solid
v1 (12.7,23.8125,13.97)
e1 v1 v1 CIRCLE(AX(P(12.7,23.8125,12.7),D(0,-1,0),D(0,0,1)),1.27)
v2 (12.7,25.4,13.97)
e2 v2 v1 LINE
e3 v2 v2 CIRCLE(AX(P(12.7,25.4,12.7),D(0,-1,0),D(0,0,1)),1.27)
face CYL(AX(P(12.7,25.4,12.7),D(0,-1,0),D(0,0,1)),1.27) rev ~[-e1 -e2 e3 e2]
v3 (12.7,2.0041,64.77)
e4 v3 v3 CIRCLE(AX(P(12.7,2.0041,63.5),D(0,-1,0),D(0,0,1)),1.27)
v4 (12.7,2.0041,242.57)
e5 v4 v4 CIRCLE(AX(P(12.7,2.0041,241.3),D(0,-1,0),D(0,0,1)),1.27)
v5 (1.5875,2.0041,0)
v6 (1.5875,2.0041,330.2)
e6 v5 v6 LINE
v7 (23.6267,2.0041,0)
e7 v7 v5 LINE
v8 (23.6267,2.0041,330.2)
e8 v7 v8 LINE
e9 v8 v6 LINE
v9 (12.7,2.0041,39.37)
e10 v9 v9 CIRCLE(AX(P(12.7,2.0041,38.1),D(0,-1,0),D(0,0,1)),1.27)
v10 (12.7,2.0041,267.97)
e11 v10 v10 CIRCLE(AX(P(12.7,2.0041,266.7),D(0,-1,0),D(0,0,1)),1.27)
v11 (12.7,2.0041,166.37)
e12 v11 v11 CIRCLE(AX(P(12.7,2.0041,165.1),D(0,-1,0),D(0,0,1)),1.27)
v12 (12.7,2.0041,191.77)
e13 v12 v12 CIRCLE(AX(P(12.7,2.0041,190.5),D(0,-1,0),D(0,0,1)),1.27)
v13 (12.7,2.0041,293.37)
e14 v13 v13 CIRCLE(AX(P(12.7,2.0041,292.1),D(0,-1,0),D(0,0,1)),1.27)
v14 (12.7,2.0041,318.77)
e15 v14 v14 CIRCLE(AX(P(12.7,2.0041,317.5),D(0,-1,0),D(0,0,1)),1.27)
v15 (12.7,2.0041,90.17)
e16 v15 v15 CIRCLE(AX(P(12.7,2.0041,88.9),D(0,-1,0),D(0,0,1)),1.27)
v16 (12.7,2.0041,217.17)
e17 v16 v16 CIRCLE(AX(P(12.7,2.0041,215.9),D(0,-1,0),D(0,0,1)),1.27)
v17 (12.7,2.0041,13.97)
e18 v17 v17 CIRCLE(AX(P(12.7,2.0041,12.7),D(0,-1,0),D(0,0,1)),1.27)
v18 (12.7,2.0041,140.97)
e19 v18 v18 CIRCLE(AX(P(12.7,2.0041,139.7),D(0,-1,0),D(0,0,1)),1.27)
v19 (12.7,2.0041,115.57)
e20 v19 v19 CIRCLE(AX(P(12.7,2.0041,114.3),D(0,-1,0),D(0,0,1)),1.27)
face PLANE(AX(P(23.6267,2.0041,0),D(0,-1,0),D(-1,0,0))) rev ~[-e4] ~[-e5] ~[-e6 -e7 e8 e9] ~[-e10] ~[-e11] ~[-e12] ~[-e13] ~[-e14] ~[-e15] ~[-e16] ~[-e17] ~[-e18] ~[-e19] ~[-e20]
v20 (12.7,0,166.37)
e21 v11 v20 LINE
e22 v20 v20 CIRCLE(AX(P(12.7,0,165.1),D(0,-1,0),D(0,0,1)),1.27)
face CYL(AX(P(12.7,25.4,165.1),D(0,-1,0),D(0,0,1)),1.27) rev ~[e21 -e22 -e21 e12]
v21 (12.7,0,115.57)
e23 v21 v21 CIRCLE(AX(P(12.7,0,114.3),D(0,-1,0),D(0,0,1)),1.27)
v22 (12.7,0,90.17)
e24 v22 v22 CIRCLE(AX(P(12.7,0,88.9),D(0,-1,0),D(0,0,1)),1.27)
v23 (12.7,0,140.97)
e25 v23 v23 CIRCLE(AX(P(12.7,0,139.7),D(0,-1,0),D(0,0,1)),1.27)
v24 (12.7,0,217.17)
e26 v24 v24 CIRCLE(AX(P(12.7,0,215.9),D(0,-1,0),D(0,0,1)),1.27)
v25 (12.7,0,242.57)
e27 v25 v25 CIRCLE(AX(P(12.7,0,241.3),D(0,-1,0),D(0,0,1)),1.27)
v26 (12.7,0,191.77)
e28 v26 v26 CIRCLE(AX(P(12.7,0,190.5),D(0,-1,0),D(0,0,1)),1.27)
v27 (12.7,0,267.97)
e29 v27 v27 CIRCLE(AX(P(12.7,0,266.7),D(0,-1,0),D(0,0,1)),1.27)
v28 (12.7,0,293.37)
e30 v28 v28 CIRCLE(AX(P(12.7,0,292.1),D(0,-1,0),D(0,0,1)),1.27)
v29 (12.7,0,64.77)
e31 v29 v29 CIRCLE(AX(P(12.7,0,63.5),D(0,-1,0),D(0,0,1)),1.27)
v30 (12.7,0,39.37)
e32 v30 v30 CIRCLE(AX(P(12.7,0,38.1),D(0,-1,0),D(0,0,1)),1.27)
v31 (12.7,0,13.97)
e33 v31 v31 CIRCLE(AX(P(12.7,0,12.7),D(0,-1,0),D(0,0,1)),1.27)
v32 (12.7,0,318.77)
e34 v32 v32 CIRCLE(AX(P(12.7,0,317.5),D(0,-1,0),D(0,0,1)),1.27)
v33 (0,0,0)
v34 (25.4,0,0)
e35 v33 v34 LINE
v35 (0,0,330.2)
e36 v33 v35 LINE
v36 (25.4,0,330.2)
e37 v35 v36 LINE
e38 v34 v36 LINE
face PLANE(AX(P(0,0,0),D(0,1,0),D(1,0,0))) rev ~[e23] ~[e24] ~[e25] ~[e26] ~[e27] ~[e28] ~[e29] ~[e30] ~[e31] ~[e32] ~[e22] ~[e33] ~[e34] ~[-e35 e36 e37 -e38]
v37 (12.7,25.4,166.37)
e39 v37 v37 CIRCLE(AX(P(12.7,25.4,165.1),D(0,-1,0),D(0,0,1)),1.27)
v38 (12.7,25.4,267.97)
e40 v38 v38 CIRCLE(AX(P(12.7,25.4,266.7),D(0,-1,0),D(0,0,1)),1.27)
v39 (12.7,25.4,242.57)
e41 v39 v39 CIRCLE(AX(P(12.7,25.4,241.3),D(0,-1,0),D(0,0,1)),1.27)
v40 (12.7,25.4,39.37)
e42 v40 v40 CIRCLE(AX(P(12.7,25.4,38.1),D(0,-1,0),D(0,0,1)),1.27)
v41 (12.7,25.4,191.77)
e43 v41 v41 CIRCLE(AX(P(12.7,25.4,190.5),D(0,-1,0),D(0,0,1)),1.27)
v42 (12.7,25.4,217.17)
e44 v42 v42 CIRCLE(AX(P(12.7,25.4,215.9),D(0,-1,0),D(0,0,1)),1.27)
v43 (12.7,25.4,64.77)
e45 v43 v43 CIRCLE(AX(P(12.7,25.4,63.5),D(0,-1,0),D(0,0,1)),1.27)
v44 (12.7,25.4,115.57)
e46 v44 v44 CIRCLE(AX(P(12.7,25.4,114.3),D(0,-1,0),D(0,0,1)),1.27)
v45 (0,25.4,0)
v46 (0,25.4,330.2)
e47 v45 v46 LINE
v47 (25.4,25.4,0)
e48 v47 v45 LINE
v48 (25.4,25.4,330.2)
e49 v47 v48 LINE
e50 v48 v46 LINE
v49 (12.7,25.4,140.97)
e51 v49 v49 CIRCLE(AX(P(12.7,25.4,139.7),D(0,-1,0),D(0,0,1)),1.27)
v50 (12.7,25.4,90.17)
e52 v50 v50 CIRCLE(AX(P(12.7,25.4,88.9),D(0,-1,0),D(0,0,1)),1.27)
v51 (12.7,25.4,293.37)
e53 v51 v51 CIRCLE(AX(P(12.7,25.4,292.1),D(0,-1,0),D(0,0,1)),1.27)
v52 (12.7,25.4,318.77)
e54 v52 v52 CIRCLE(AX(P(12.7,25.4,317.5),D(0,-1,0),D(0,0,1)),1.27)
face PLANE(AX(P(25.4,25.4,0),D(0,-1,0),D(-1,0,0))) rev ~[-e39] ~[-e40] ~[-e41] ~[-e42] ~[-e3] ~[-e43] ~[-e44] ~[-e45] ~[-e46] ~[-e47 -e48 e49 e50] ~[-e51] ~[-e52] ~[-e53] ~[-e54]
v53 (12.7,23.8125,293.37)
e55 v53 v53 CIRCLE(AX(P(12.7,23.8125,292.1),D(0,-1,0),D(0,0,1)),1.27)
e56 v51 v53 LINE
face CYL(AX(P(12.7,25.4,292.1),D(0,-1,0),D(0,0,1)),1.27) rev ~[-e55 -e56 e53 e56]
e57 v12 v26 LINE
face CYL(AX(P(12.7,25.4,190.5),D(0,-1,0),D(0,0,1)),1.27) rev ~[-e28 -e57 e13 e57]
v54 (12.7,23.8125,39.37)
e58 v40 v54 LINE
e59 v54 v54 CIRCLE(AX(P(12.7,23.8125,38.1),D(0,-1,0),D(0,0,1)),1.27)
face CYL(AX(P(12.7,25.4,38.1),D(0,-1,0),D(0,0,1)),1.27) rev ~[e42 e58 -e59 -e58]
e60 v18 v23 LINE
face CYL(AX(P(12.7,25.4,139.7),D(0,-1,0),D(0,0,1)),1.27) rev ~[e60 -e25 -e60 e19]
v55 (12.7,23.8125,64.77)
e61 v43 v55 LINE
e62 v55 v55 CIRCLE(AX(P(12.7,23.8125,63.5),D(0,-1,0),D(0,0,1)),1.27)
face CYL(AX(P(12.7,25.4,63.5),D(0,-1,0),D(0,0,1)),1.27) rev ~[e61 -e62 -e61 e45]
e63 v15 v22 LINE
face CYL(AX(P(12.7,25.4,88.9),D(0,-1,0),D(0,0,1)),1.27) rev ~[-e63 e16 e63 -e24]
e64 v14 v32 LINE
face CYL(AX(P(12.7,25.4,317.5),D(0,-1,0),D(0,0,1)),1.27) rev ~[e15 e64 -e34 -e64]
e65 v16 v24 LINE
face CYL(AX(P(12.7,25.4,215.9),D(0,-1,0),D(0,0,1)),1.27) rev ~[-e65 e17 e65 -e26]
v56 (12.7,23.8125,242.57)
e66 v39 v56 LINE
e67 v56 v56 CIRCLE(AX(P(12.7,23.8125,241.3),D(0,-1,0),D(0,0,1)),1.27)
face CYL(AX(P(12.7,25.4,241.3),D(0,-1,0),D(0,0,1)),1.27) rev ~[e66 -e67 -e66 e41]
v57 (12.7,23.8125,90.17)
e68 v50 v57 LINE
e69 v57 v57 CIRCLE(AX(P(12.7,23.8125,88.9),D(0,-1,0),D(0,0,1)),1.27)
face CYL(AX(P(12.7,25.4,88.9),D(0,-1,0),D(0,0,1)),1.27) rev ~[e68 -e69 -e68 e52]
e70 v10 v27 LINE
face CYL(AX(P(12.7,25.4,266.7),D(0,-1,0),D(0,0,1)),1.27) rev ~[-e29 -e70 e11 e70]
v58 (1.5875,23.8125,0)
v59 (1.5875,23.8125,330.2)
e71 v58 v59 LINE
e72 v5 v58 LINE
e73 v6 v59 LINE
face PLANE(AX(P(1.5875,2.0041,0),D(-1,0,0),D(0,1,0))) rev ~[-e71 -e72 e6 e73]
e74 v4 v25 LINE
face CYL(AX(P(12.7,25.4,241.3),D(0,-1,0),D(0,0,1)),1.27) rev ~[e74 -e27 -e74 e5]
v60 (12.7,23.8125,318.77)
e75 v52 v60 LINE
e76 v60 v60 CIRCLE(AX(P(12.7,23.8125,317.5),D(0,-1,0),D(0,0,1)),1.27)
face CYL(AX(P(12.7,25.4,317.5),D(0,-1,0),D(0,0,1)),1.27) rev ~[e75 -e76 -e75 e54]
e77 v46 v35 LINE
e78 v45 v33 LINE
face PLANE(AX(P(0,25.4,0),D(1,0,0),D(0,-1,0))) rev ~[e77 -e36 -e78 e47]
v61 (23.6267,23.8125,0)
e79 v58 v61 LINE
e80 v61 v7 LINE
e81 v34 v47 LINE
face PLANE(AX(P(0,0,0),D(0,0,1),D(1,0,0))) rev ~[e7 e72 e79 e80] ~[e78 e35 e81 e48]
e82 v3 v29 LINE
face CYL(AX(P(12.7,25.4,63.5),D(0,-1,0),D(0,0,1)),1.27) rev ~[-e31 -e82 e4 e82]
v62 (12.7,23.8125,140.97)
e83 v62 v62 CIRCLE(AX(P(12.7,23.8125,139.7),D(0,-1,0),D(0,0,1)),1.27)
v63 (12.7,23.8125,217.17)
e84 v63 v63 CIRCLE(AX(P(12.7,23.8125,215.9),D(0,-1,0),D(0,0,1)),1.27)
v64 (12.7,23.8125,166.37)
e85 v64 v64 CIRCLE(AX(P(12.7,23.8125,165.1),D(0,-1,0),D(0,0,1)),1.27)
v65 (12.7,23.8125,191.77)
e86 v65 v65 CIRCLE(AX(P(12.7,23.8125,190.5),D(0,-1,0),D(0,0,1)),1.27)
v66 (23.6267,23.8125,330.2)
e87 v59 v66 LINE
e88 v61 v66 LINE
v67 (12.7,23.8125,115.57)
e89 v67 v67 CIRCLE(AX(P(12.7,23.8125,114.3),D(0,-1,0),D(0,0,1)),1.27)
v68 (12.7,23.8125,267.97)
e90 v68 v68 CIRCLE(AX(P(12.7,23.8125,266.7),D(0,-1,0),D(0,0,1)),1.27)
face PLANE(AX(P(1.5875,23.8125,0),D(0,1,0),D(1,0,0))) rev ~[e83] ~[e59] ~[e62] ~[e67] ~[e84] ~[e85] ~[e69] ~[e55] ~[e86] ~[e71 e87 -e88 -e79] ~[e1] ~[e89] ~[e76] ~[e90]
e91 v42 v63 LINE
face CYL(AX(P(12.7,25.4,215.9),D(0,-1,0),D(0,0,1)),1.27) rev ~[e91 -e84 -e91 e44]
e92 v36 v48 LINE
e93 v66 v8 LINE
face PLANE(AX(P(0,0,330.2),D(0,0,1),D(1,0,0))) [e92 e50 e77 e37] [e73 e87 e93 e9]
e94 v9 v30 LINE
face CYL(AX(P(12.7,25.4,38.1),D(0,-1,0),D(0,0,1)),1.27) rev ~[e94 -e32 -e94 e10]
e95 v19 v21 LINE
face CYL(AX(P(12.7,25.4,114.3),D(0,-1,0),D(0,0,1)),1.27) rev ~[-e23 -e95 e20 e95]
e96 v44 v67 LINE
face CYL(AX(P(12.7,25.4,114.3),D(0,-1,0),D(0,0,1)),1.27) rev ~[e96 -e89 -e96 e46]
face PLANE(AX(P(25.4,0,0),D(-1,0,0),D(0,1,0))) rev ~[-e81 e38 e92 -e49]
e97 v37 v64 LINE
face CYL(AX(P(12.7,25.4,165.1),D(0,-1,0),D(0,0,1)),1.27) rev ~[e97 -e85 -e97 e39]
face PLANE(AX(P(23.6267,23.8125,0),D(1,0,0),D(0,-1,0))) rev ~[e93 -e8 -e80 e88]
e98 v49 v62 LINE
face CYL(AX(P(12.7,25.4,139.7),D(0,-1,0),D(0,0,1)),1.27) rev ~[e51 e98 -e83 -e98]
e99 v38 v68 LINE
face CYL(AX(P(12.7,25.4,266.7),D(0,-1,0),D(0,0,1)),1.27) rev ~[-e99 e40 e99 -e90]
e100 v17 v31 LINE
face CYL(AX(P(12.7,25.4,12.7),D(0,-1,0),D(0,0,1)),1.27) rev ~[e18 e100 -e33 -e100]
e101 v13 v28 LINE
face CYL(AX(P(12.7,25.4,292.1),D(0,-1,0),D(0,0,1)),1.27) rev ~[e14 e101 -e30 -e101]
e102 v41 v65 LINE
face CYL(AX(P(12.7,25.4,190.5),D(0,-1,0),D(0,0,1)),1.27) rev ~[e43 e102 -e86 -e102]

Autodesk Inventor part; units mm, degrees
ref_plane "YZ Plane" through (0, 0, 0) normal (1, 0, 0) x (0, 1, 0)
ref_plane "XZ Plane" through (0, 0, 0) normal (0, 1, 0) x (-1, 0, 0)
ref_plane "XY Plane" through (0, 0, 0) normal (0, 0, 1) x (1, 0, 0)
sketch "Sketch1" plane through (0, 0, 0) normal (0, 0, 1) x (1, 0, 0)
  line L0 (0, 0) -> (25.4, 0)
  line L1 (25.4, 0) -> (25.4, 25.4)
  line L2 (25.4, 25.4) -> (0, 25.4)
  line L3 (0, 25.4) -> (0, 0)
  line L4 (1.5875, 23.8125) -> (23.6267, 23.8125)
  line L5 (23.6267, 23.8125) -> (23.6267, 2.0041)
  line L6 (23.6267, 2.0041) -> (1.5875, 2.0041)
  line L7 (1.5875, 2.0041) -> (1.5875, 23.8125)
  dimension "d0" = 25.4
  dimension "d1" = 25.4
  dimension "d2" = 1.5875
  dimension "d3" = 1.5875
extrude "Extrusion1" add sketch "Sketch1" along normal blind 330.2
sketch "Sketch2" plane through (0, 25.4, 0) normal (0, 1, 0) x (1, 0, 0)
  line L0 (25.4, 0) -> (0, 0) projected
  line L1 (25.4, 0) -> (25.4, -330.2) projected
  point P0 (12.7, -12.7)
  point P1 (12.7, -38.1)
  point P2 (12.7, -63.5)
  point P3 (12.7, -88.9)
  point P4 (12.7, -114.3)
  point P5 (12.7, -139.7)
  point P6 (12.7, -165.1)
  point P7 (12.7, -190.5)
  point P8 (12.7, -215.9)
  point P9 (12.7, -241.3)
  point P10 (12.7, -266.7)
  point P11 (12.7, -292.1)
  point P12 (12.7, -317.5)
  point P13 (12.7, -342.9)
  point P14 (12.7, -368.3)
  dimension "d6" = 12.7
  dimension "d7" = 12.7
  dimension "d10" = 25.4
hole "Hole1" at (12.7, 25.4, 12.7) at (12.7, 25.4, 38.1) at (12.7, 25.4, 63.5) at (12.7, 25.4, 88.9) at (12.7, 25.4, 114.3) at (12.7, 25.4, 139.7) at (12.7, 25.4, 165.1) at (12.7, 25.4, 190.5) at (12.7, 25.4, 215.9) at (12.7, 25.4, 241.3) at (12.7, 25.4, 266.7) at (12.7, 25.4, 292.1) at (12.7, 25.4, 317.5) at (12.7, 25.4, 342.9) at (12.7, 25.4, 368.3) direction (0, -1, 0) diameter 2.54 depth 25.4 tip angle 118
properties part number "Drive Rail 1 upright"
